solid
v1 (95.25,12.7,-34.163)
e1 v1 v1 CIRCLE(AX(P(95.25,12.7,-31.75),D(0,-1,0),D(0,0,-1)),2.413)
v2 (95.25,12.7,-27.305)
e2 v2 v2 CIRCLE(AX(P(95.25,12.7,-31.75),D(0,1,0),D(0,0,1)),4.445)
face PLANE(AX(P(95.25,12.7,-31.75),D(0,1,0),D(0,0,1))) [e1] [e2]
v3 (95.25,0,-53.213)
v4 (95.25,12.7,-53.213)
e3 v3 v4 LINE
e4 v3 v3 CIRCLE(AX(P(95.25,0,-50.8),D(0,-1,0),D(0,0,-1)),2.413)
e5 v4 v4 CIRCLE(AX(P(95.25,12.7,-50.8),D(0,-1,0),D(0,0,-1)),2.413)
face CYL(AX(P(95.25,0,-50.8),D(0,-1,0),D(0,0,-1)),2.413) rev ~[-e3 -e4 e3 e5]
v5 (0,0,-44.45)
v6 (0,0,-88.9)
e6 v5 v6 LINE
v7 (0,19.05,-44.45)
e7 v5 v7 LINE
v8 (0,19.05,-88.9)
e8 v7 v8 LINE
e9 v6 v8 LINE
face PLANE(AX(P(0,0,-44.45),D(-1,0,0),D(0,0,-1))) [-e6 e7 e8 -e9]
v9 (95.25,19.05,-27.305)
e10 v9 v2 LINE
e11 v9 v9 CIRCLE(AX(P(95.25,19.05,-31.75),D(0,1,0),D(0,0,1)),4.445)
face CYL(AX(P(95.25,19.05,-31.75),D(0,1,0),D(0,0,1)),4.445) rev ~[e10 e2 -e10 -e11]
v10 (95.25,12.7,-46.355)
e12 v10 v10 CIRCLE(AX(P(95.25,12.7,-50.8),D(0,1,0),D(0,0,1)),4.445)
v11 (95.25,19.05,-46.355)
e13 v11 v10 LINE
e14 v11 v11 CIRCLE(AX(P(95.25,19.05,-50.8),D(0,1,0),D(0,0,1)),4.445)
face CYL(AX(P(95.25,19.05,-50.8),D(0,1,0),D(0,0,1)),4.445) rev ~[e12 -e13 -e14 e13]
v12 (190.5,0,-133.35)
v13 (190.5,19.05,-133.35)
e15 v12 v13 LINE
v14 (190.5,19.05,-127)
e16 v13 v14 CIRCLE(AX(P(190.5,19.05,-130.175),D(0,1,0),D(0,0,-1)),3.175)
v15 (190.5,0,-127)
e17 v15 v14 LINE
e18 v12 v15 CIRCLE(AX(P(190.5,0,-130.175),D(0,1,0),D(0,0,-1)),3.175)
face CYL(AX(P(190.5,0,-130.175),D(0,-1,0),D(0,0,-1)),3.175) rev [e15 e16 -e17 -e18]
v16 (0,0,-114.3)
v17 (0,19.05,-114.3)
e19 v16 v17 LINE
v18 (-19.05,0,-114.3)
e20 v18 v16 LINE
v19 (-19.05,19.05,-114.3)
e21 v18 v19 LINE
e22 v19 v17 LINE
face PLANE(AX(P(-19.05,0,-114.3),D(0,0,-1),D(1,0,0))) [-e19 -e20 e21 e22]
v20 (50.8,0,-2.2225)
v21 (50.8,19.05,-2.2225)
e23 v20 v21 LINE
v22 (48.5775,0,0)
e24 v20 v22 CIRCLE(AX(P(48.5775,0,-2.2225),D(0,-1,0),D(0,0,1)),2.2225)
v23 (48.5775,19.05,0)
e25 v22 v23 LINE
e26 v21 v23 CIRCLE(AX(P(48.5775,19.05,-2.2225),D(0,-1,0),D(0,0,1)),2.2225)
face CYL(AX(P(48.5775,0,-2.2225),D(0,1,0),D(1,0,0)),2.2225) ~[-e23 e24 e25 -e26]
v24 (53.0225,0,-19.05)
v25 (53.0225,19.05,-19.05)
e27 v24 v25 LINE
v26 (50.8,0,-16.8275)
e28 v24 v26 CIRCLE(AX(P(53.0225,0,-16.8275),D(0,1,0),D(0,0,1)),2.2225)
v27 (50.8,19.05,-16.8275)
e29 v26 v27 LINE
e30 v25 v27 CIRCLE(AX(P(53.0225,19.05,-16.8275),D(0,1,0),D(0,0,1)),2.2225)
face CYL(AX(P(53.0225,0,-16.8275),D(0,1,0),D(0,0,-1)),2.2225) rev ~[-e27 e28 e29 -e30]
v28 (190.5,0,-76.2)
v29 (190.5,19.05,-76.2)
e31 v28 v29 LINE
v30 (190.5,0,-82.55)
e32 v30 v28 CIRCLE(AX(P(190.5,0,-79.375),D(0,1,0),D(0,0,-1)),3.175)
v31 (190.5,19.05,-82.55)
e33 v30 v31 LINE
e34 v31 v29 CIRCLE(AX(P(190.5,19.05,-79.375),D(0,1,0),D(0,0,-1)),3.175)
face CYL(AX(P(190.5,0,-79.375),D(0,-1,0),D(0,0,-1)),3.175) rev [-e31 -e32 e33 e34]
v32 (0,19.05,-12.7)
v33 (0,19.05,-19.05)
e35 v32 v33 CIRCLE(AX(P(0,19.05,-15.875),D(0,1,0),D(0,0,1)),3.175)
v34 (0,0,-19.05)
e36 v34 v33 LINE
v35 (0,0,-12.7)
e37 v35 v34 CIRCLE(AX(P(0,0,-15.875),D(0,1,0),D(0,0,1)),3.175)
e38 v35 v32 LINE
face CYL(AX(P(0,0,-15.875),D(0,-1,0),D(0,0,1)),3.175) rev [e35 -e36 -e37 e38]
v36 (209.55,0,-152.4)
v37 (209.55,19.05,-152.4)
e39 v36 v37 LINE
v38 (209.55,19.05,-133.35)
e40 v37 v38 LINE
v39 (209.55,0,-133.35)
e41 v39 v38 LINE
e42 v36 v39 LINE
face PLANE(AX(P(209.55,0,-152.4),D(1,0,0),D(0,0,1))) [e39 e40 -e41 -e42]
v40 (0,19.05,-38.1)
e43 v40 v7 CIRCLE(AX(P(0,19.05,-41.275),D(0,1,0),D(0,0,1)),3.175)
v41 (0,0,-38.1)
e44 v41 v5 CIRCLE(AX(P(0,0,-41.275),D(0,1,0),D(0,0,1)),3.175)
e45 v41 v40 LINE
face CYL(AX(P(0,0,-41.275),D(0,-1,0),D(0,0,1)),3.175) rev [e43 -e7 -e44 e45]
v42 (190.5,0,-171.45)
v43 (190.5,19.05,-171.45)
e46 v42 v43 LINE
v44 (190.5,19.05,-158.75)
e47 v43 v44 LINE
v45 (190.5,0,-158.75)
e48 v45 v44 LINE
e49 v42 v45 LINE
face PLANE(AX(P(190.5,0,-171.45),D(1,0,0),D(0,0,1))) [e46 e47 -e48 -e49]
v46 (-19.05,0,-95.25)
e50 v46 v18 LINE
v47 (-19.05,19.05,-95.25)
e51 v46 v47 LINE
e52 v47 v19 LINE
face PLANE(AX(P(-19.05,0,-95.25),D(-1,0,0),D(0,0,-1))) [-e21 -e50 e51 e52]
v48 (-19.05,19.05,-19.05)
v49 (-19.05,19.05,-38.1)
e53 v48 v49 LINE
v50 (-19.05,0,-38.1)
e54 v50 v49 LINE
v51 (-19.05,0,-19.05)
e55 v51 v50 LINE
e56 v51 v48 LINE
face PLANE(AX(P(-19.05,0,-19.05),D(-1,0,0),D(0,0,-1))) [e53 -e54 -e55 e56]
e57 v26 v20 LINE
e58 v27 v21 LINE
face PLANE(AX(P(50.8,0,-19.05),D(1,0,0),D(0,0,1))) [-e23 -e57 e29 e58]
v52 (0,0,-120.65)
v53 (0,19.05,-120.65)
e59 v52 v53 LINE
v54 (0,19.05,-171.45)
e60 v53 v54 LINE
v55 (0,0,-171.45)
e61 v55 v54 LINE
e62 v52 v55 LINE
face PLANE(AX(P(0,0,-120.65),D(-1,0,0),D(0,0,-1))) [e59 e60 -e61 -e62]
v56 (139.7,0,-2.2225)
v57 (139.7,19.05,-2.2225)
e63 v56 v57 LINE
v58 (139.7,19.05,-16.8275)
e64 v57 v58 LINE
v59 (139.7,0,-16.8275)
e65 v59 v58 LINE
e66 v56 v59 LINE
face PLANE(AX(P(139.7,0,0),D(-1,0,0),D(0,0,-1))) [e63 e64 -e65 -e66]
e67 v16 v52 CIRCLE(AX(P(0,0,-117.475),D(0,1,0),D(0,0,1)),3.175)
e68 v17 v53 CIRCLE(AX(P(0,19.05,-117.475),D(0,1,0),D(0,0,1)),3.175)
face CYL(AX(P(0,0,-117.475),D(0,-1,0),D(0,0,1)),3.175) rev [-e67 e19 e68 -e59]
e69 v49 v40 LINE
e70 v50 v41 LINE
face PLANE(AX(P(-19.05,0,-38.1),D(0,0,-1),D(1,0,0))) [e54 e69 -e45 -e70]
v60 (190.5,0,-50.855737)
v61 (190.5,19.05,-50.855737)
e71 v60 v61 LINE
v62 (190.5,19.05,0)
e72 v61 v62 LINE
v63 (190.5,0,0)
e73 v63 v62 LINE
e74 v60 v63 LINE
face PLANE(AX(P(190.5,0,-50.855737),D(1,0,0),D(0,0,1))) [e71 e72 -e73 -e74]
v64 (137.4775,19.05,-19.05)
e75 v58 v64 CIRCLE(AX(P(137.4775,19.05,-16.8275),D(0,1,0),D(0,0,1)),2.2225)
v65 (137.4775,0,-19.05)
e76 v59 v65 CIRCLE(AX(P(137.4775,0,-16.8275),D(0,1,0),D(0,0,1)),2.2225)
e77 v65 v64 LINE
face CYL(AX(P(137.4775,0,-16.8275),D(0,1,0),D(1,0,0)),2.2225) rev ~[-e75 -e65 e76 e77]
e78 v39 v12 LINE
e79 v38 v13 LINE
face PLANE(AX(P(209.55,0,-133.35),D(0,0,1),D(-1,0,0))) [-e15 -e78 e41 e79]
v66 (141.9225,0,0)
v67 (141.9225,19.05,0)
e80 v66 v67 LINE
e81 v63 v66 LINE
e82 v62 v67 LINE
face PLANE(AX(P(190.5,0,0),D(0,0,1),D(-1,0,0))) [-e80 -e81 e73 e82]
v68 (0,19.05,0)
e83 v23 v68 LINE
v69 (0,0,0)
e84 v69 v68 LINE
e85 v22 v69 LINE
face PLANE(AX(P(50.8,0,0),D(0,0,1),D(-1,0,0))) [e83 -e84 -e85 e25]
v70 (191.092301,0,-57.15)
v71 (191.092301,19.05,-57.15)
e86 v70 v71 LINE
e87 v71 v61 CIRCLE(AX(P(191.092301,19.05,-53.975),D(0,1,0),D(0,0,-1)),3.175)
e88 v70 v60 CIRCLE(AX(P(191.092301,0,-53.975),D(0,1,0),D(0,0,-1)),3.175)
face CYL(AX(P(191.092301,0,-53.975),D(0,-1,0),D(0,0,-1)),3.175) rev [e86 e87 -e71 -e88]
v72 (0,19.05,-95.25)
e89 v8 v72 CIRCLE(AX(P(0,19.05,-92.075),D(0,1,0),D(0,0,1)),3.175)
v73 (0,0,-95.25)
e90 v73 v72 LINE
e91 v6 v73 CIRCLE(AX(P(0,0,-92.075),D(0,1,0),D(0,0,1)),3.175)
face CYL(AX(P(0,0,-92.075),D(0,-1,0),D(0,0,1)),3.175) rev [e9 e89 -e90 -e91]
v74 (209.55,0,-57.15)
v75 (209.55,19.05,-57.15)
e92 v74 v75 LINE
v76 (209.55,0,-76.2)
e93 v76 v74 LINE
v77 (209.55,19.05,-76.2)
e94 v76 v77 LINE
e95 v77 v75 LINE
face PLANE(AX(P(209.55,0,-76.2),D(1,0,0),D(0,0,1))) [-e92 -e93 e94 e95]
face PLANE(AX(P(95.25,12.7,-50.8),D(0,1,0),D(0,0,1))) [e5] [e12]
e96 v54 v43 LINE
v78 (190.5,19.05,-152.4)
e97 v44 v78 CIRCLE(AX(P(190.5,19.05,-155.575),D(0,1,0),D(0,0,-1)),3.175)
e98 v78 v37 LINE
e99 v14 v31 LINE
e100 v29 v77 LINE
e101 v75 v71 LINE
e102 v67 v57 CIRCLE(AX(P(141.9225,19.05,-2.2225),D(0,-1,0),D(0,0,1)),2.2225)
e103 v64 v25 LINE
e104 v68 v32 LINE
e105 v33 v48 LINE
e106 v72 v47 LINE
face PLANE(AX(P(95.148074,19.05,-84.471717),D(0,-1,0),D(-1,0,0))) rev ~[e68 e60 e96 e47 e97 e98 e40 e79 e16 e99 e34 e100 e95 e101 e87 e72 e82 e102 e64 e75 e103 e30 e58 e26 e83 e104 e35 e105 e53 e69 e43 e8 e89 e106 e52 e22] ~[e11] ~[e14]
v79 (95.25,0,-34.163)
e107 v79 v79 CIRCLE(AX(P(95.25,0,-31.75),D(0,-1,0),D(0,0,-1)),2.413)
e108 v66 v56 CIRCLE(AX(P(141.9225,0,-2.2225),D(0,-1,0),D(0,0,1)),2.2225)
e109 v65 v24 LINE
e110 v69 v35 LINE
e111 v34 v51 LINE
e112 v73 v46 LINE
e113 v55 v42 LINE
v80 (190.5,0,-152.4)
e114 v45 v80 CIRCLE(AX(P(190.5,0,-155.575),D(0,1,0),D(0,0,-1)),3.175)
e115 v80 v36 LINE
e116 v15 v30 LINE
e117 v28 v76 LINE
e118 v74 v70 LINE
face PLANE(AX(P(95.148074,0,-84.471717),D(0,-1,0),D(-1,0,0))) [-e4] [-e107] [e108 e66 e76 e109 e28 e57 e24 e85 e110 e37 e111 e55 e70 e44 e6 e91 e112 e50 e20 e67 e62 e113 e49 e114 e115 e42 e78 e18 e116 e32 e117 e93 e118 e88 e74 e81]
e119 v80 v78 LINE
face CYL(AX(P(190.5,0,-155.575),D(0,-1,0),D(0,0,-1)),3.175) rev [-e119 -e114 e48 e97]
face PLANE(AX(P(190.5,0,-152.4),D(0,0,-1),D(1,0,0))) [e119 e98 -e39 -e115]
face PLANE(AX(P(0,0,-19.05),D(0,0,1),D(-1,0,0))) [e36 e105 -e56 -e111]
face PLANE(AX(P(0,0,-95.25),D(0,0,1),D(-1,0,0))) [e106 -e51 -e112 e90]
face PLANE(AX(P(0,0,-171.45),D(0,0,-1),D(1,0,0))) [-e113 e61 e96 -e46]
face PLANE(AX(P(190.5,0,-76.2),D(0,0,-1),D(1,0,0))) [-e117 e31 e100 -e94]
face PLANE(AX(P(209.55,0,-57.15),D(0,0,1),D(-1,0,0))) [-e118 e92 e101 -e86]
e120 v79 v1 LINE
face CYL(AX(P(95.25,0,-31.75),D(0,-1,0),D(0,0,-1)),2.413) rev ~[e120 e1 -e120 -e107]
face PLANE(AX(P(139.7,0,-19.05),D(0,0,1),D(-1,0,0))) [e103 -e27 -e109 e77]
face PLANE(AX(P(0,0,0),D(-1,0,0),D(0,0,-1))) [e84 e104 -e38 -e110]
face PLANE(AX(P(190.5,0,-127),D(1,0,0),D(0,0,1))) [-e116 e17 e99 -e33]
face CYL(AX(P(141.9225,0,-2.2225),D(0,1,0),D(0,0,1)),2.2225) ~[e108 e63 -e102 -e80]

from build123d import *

# Parameters (mm, degrees)
BOSS_EXTRUDE1_DEPTH = 19.05
FILLET1_R           = 2.2225
SKETCH2_R           = 2.413
CUT_EXTRUDE1_DEPTH  = 272.420720469
SKETCH3_R           = 4.445
CUT_EXTRUDE2_DEPTH  = 6.35


with BuildPart() as part:
    # Sketch1 → Boss-Extrude1 (new body)
    with BuildSketch(Plane(origin=(0, 0, 0), x_dir=(1, 0, 0), z_dir=(0, 1, 0))):
        with BuildLine():
            Line((190.5, 171.45), (0, 171.45))
            Line((0, 171.45), (0, 120.65))
            ThreePointArc((0, 120.65), (3.175, 117.475), (0, 114.3))
            Line((0, 114.3), (-19.05, 114.3))
            Line((-19.05, 114.3), (-19.05, 95.25))
            Line((-19.05, 95.25), (0, 95.25))
            ThreePointArc((0, 95.25), (3.175, 92.075), (0, 88.9))
            Line((0, 88.9), (0, 44.45))
            ThreePointArc((0, 44.45), (3.175, 41.275), (0, 38.1))
            Line((0, 38.1), (-19.05, 38.1))
            Line((-19.05, 38.1), (-19.05, 19.05))
            Line((-19.05, 19.05), (0, 19.05))
            ThreePointArc((0, 19.05), (3.175, 15.875), (0, 12.7))
            Line((0, 12.7), (0, 0))
            Line((0, 0), (50.8, 0))
            Line((50.8, 0), (50.8, 19.05))
            Line((50.8, 19.05), (139.7, 19.05))
            Line((139.7, 19.05), (139.7, 0))
            Line((139.7, 0), (190.5, 0))
            Line((190.5, 0), (190.5, 50.855736572))
            ThreePointArc((190.5, 50.855736572), (187.931266017, 54.272458919), (191.092301163, 57.15))
            Line((191.092301163, 57.15), (209.55, 57.15))
            Line((209.55, 57.15), (209.55, 76.2))
            Line((209.55, 76.2), (190.5, 76.2))
            ThreePointArc((190.5, 76.2), (187.325, 79.375), (190.5, 82.55))
            Line((190.5, 82.55), (190.5, 127))
            ThreePointArc((190.5, 127), (187.325, 130.175), (190.5, 133.35))
            Line((190.5, 133.35), (209.55, 133.35))
            Line((209.55, 133.35), (209.55, 152.4))
            Line((209.55, 152.4), (190.5, 152.4))
            ThreePointArc((190.5, 152.4), (187.325, 155.575), (190.5, 158.75))
            Line((190.5, 158.75), (190.5, 171.45))
        make_face()
    extrude(amount=BOSS_EXTRUDE1_DEPTH)

    # Fillet1
    fillet1_edges = [part.edges().sort_by_distance(p)[0] for p in [
        (139.7, 9.525, 0),
        (139.7, 9.525, -19.05),
        (50.8, 9.525, -19.05),
        (50.8, 9.525, 0),
    ]]
    fillet(fillet1_edges, radius=FILLET1_R)

    # Sketch2 → Cut-Extrude1 (cut, through all)
    with BuildSketch(Plane.XZ):
        with Locations((95.25, -31.75)):
            Circle(SKETCH2_R)
        with Locations((95.25, -50.8)):
            Circle(SKETCH2_R)
    extrude(amount=-CUT_EXTRUDE1_DEPTH, mode=Mode.SUBTRACT)

    # Sketch3 → Cut-Extrude2 (cut)
    with BuildSketch(Plane(origin=(0, 19.05, 0), x_dir=(1, 0, 0), z_dir=(0, 1, 0))):
        with Locations((95.25, 31.75)):
            Circle(SKETCH3_R)
        with Locations((95.25, 50.8)):
            Circle(SKETCH3_R)
    extrude(amount=-CUT_EXTRUDE2_DEPTH, mode=Mode.SUBTRACT)


solid = part.part
